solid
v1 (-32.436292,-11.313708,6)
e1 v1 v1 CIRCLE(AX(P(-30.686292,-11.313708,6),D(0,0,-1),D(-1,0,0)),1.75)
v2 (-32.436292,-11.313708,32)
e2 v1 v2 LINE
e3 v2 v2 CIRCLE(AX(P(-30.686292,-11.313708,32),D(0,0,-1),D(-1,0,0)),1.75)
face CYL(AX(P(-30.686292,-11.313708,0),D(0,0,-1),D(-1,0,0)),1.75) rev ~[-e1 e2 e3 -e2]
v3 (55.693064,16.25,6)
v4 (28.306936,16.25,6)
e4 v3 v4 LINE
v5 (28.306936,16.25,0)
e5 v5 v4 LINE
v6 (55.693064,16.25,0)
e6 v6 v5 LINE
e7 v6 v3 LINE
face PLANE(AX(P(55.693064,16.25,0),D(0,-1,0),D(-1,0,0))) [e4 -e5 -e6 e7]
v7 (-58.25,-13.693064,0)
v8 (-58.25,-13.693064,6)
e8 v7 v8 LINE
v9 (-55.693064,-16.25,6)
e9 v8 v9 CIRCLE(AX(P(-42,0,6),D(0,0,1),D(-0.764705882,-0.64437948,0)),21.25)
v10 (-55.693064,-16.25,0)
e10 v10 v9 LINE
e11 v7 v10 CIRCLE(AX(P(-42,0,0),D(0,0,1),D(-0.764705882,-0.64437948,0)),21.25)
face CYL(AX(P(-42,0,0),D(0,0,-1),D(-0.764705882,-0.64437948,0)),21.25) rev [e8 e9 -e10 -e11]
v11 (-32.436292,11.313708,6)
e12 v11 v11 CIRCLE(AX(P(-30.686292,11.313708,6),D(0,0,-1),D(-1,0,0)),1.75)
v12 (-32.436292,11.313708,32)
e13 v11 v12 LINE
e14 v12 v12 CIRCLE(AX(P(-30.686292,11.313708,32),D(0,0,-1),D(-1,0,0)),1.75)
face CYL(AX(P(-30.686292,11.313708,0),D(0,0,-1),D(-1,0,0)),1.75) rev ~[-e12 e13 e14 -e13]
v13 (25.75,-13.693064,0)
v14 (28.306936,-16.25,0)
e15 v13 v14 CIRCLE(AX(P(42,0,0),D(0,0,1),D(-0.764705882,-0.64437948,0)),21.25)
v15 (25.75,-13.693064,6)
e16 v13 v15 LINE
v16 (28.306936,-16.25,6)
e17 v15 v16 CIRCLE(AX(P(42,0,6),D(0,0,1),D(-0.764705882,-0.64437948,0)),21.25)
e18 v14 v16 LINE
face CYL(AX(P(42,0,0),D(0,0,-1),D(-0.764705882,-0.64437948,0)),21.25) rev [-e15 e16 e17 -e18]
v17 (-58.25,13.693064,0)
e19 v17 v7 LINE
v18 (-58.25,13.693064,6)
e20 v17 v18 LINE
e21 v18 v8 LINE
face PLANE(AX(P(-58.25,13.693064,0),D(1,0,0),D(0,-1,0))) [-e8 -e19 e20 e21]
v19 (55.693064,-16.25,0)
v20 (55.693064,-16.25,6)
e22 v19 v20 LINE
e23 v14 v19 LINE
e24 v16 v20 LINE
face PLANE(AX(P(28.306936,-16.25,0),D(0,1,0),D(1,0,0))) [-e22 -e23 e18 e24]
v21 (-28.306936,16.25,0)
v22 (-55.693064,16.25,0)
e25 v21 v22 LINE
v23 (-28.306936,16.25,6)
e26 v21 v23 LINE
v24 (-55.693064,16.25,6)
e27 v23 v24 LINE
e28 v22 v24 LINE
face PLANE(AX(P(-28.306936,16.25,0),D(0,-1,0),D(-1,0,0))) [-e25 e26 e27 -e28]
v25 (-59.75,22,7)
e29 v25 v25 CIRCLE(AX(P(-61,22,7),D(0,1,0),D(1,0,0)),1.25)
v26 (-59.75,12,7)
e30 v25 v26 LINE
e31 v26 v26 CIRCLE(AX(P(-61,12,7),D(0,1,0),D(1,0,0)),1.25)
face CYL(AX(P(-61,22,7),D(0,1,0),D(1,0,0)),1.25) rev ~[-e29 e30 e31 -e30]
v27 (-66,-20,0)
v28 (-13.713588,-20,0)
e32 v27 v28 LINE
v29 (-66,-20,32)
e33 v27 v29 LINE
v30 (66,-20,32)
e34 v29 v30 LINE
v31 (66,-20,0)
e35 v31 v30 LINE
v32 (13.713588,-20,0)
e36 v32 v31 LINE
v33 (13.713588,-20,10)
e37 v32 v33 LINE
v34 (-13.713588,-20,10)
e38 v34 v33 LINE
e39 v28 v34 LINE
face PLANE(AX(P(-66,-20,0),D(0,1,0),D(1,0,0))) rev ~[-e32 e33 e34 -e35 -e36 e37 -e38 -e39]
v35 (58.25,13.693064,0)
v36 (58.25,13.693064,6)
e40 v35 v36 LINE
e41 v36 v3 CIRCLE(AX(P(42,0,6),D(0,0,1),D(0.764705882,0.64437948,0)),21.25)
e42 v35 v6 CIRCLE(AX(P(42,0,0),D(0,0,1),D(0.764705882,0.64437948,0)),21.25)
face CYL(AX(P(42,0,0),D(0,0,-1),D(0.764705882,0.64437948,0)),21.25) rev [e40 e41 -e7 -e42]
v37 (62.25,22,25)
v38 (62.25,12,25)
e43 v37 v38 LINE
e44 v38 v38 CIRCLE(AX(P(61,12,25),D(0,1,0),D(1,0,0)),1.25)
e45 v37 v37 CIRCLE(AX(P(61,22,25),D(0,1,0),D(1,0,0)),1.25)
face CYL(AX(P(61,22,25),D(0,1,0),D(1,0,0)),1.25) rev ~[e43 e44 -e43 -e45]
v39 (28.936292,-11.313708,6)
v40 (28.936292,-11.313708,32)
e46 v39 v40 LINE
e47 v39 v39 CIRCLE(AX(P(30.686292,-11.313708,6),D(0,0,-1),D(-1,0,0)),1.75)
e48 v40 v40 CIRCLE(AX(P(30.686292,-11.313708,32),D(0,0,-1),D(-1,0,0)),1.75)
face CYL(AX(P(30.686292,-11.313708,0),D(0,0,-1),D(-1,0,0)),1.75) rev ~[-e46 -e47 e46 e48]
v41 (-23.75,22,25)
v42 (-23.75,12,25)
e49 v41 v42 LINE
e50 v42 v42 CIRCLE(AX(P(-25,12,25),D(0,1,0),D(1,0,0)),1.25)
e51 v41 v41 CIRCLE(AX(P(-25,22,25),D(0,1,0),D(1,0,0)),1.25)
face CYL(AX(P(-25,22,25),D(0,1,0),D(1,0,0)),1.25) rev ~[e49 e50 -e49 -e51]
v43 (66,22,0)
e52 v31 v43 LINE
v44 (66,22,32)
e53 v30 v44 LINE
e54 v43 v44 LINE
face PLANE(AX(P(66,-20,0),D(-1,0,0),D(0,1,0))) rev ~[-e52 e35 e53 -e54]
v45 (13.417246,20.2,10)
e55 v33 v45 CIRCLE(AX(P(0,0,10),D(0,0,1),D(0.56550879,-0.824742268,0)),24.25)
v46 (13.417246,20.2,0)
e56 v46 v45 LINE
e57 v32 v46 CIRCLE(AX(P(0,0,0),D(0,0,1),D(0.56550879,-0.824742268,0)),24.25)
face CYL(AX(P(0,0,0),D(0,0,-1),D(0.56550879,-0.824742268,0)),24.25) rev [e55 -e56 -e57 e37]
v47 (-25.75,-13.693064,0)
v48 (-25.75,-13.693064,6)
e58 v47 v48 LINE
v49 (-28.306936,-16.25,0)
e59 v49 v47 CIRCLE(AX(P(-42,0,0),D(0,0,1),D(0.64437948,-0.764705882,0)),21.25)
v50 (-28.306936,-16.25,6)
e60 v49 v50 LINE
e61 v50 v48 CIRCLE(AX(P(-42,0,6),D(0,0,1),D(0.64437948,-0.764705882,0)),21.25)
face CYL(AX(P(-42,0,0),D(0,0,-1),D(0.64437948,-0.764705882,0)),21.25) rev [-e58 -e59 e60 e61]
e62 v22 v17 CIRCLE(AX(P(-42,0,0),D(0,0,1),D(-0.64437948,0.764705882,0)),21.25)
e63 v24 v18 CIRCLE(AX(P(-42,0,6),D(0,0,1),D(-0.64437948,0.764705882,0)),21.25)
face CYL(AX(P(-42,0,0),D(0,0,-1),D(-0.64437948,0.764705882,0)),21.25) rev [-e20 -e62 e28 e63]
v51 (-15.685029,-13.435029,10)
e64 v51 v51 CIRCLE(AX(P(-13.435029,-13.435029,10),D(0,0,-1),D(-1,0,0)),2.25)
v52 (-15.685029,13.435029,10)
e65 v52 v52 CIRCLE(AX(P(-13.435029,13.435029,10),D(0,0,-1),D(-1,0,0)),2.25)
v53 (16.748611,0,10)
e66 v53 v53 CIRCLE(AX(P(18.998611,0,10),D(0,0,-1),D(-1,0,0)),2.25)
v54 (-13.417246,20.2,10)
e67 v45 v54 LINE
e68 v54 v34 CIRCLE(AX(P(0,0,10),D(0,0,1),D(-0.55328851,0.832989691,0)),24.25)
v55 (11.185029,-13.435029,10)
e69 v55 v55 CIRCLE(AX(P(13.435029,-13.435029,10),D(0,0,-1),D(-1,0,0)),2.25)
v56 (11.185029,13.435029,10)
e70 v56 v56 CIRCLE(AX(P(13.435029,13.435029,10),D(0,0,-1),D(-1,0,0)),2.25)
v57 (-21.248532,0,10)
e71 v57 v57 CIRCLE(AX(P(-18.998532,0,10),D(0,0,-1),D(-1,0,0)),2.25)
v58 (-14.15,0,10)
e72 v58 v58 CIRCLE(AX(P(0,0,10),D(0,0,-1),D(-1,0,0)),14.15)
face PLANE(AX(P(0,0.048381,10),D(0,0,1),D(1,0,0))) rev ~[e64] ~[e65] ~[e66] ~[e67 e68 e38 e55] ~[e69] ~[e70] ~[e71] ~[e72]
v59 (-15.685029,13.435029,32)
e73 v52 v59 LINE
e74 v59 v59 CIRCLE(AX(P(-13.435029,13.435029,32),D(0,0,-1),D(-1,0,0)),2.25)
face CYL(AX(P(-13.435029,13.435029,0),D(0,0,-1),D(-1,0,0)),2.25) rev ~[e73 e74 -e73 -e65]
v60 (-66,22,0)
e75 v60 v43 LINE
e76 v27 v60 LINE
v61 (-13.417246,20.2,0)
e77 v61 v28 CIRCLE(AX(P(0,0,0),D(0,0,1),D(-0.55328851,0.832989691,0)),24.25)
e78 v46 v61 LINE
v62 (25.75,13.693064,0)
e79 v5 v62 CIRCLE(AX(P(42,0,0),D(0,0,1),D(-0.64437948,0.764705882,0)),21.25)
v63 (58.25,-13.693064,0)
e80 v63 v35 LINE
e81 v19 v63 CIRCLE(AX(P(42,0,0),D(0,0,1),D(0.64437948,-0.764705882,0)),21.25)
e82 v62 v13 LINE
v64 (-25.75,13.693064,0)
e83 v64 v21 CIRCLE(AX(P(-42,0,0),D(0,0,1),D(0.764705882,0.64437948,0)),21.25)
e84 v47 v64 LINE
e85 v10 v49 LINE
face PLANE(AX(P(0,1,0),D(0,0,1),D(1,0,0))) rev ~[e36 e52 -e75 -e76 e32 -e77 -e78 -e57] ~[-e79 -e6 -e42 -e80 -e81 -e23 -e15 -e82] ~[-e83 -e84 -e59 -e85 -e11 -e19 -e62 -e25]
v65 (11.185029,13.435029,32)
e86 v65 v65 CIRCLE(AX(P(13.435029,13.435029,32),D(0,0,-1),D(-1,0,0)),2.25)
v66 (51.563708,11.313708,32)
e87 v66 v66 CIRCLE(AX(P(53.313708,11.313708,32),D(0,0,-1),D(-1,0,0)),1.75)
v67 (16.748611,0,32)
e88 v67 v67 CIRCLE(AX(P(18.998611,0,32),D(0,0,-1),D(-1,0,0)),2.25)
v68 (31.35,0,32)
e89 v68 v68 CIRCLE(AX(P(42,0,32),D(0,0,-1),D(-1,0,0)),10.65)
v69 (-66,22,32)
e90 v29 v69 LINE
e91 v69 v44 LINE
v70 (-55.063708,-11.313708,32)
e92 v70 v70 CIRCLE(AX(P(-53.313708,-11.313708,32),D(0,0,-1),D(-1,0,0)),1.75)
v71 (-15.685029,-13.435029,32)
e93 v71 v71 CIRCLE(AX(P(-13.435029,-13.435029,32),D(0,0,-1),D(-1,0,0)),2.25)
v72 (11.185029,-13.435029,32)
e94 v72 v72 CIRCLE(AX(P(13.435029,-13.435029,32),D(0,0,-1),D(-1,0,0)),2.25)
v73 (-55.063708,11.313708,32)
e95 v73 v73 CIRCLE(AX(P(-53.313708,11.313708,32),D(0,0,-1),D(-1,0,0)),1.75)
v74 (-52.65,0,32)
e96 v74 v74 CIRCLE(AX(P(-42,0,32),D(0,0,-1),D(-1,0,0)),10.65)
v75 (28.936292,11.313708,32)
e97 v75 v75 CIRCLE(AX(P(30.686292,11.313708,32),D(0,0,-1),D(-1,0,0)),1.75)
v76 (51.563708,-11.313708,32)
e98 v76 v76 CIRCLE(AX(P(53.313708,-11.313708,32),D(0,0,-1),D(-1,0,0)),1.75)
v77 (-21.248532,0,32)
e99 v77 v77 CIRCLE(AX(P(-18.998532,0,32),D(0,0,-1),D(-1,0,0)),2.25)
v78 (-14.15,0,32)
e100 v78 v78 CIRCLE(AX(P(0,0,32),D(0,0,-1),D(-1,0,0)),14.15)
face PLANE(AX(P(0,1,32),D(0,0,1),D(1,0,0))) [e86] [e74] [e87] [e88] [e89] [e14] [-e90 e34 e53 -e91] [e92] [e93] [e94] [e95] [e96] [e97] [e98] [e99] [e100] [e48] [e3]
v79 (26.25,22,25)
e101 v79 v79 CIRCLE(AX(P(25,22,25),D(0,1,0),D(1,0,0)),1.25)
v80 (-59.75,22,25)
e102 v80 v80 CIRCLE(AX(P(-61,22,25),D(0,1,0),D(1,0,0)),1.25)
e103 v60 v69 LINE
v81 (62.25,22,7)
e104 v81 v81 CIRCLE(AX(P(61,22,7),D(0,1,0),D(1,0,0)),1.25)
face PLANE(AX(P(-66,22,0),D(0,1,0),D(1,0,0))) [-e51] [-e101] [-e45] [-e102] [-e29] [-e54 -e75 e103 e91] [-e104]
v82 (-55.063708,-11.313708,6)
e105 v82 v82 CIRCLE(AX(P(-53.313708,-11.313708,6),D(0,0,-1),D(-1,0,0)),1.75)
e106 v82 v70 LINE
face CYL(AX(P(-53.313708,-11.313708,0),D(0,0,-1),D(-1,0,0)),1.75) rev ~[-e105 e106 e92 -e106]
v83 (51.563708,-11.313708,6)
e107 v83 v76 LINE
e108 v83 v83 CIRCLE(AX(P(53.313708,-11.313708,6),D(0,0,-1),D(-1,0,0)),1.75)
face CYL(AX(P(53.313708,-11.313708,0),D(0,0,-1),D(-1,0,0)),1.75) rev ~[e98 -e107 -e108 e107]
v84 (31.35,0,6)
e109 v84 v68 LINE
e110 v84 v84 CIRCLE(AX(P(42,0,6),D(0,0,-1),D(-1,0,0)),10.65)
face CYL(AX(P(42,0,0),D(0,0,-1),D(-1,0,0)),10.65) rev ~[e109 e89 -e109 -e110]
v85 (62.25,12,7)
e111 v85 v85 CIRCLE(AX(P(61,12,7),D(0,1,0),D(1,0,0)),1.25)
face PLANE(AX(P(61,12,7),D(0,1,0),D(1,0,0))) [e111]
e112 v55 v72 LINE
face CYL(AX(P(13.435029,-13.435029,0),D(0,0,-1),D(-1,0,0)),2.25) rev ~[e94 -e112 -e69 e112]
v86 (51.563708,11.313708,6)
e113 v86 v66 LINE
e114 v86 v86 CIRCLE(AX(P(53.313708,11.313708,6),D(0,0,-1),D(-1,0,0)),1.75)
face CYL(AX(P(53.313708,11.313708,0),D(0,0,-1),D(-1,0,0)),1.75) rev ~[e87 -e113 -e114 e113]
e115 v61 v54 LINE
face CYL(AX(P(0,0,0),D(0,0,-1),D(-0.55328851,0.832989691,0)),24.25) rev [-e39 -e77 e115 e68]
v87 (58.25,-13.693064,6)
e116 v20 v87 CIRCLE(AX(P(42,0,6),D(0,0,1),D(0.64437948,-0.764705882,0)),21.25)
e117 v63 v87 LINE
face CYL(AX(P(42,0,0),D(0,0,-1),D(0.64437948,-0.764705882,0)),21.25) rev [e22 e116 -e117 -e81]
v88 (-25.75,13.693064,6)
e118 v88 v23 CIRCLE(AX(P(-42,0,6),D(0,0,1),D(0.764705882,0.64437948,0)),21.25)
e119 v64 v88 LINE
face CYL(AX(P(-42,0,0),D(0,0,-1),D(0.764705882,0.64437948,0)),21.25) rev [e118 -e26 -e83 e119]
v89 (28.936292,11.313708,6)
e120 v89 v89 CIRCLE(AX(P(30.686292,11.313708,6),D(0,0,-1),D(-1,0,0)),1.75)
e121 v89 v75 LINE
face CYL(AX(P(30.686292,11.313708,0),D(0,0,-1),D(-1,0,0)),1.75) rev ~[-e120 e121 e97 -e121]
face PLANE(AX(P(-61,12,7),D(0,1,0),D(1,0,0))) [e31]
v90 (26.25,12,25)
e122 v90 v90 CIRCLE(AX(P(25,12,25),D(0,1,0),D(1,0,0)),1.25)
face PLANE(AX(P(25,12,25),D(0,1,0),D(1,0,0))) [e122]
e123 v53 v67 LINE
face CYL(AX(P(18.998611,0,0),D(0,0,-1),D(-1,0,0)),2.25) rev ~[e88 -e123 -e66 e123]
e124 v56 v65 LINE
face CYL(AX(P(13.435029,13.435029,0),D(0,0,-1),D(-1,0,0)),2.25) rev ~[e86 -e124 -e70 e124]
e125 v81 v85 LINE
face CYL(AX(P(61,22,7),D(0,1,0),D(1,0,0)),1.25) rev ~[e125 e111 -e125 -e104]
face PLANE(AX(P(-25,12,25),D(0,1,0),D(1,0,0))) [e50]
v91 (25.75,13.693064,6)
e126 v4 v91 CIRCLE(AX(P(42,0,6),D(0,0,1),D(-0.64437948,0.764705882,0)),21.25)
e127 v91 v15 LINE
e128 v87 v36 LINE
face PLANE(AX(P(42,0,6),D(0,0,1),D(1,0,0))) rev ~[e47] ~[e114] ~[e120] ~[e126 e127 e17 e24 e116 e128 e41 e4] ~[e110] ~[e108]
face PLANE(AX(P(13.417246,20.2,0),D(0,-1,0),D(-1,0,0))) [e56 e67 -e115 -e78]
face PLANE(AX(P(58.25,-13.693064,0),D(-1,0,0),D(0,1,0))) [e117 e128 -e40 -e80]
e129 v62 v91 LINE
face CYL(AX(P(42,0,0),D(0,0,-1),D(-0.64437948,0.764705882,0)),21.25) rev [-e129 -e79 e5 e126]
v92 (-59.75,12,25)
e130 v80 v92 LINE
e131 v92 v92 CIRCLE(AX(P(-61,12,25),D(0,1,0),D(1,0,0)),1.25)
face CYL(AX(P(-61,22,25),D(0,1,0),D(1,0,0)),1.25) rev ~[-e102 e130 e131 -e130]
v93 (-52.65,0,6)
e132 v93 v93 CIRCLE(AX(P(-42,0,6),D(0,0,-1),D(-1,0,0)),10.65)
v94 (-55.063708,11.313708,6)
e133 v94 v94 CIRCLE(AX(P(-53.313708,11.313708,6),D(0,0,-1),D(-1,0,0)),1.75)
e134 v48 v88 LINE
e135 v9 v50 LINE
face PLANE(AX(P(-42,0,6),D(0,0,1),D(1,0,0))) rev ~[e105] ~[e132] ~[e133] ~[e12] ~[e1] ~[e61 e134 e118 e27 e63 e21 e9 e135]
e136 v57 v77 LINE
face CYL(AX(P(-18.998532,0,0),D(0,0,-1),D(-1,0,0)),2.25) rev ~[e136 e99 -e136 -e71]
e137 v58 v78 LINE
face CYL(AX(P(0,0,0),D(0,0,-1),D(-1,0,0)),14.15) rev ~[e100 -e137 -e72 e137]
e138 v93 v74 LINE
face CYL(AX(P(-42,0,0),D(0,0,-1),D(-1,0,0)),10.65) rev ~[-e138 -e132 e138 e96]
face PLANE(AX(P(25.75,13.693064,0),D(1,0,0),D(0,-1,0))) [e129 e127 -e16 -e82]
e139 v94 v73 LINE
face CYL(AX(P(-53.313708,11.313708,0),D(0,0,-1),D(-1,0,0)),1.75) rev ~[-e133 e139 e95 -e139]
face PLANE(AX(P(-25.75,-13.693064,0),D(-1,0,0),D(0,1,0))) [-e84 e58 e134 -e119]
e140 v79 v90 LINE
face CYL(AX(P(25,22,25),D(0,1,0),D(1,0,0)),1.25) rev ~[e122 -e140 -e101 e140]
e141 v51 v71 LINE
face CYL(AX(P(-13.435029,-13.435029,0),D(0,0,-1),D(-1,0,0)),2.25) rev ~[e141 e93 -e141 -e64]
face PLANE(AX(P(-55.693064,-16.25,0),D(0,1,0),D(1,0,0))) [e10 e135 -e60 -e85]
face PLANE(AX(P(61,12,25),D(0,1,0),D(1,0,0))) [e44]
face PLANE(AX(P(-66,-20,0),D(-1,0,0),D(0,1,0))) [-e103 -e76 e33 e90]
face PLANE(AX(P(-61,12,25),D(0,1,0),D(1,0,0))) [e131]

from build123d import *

# Parameters (mm, degrees)
SKETCH_1_W           = 132
SKETCH_1_H           = 42
EXTRUDE_1_DEPTH      = 32
SKETCH_2_R           = 14.15
CUT_EXTRUDE_1_DEPTH  = 32
SKETCH_3_R           = 10.65
CUT_EXTRUDE_2_DEPTH  = 32
SKETCH_7_R           = 2.25
SKETCH_7_R_2         = 1.75
CUT_EXTRUDE_8_DEPTH  = 32
CUT_EXTRUDE_9_DEPTH  = 10
CUT_EXTRUDE_10_DEPTH = 6
SKETCH_10_R          = 1.25
CUT_EXTRUDE_26_DEPTH = 10


with BuildPart() as part:
    # 草图1 → 凸台-拉伸1 (new body)
    with BuildSketch(Plane.XY):
        with Locations((0, 1)):
            Rectangle(SKETCH_1_W, SKETCH_1_H)
    extrude(amount=EXTRUDE_1_DEPTH)

    # 草图2 → 切除-拉伸1 (cut)
    with BuildSketch(Plane(origin=(0, 0, 0), x_dir=(-1, 0, 0), z_dir=(0, 0, -1))):
        Circle(SKETCH_2_R)
    extrude(amount=-CUT_EXTRUDE_1_DEPTH, mode=Mode.SUBTRACT)

    # 草图3 → 切除-拉伸2 (cut)
    with BuildSketch(Plane(origin=(0, 0, 0), x_dir=(-1, 0, 0), z_dir=(0, 0, -1))):
        with Locations((-42, 0)):
            Circle(SKETCH_3_R)
        with Locations((42, 0)):
            Circle(SKETCH_3_R)
    extrude(amount=-CUT_EXTRUDE_2_DEPTH, mode=Mode.SUBTRACT)

    # 草图7 → 切除-拉伸8 (cut)
    with BuildSketch(Plane(origin=(0, 0, 0), x_dir=(-1, 0, 0), z_dir=(0, 0, -1))):
        with Locations((-13.435028843, 13.435028843)):
            Circle(SKETCH_7_R)
        with Locations((13.435028843, 13.435028843)):
            Circle(SKETCH_7_R)
        with Locations((13.435028843, -13.435028843)):
            Circle(SKETCH_7_R)
        with Locations((-13.435028843, -13.435028843)):
            Circle(SKETCH_7_R)
        with Locations((-18.998610576, 0)):
            Circle(SKETCH_7_R)
        with Locations((18.998532389, 0)):
            Circle(SKETCH_7_R)
        with Locations((30.686291501, 11.313708499)):
            Circle(SKETCH_7_R_2)
        with Locations((30.686291501, -11.313708499)):
            Circle(SKETCH_7_R_2)
        with Locations((53.313708499, 11.313708499)):
            Circle(SKETCH_7_R_2)
        with Locations((53.313708499, -11.313708499)):
            Circle(SKETCH_7_R_2)
        with Locations((-53.313708499, 11.313708499)):
            Circle(SKETCH_7_R_2)
        with Locations((-30.686291501, 11.313708499)):
            Circle(SKETCH_7_R_2)
        with Locations((-53.313708499, -11.313708499)):
            Circle(SKETCH_7_R_2)
        with Locations((-30.686291501, -11.313708499)):
            Circle(SKETCH_7_R_2)
    extrude(amount=-CUT_EXTRUDE_8_DEPTH, mode=Mode.SUBTRACT)

    # 草图8 → 切除-拉伸9 (cut)
    with BuildSketch(Plane(origin=(0, 0, 0), x_dir=(-1, 0, 0), z_dir=(0, 0, -1))):
        with BuildLine():
            Line((-13.417246364, 20.2), (13.417246364, 20.2))
            ThreePointArc((13.417246364, 20.2), (24.249341133, 0.178758535), (13.713588152, -20))
            Line((13.713588152, -20), (-13.713588152, -20))
            ThreePointArc((-13.713588152, -20), (-24.249341133, 0.178758535), (-13.417246364, 20.2))
        make_face()
    extrude(amount=-CUT_EXTRUDE_9_DEPTH, mode=Mode.SUBTRACT)

    # 草图9 → 切除-拉伸10 (cut)
    with BuildSketch(Plane(origin=(0, 0, 0), x_dir=(-1, 0, 0), z_dir=(0, 0, -1))):
        with BuildLine():
            Line((28.306936062, 16.25), (55.693063938, 16.25))
            ThreePointArc((55.693063938, 16.25), (57.0260191, 15.0260191), (58.25, 13.693063938))
            Line((58.25, 13.693063938), (58.25, -13.693063938))
            ThreePointArc((58.25, -13.693063938), (57.0260191, -15.0260191), (55.693063938, -16.25))
            Line((55.693063938, -16.25), (28.306936062, -16.25))
            ThreePointArc((28.306936062, -16.25), (26.9739809, -15.0260191), (25.75, -13.693063938))
            Line((25.75, -13.693063938), (25.75, 13.693063938))
            ThreePointArc((25.75, 13.693063938), (26.9739809, 15.0260191), (28.306936062, 16.25))
        make_face()
        with BuildLine():
            Line((-55.693063938, 16.25), (-28.306936062, 16.25))
            ThreePointArc((-28.306936062, 16.25), (-26.9739809, 15.0260191), (-25.75, 13.693063938))
            Line((-25.75, 13.693063938), (-25.75, -13.693063938))
            ThreePointArc((-25.75, -13.693063938), (-26.9739809, -15.0260191), (-28.306936062, -16.25))
            Line((-28.306936062, -16.25), (-55.693063938, -16.25))
            ThreePointArc((-55.693063938, -16.25), (-57.0260191, -15.0260191), (-58.25, -13.693063938))
            Line((-58.25, -13.693063938), (-58.25, 13.693063938))
            ThreePointArc((-58.25, 13.693063938), (-57.0260191, 15.0260191), (-55.693063938, 16.25))
        make_face()
    extrude(amount=-CUT_EXTRUDE_10_DEPTH, mode=Mode.SUBTRACT)

    # 草图10 → 切除-拉伸26 (cut)
    with BuildSketch(Plane(origin=(0, 22, 0), x_dir=(1, 0, 0), z_dir=(0, 1, 0))):
        with Locations((25, -25)):
            Circle(SKETCH_10_R)
        with Locations((61, -25)):
            Circle(SKETCH_10_R)
        with Locations((-25, -25)):
            Circle(SKETCH_10_R)
        with Locations((-61, -25)):
            Circle(SKETCH_10_R)
        with Locations((61, -7)):
            Circle(SKETCH_10_R)
        with Locations((-61, -7)):
            Circle(SKETCH_10_R)
    extrude(amount=-CUT_EXTRUDE_26_DEPTH, mode=Mode.SUBTRACT)


solid = part.part
